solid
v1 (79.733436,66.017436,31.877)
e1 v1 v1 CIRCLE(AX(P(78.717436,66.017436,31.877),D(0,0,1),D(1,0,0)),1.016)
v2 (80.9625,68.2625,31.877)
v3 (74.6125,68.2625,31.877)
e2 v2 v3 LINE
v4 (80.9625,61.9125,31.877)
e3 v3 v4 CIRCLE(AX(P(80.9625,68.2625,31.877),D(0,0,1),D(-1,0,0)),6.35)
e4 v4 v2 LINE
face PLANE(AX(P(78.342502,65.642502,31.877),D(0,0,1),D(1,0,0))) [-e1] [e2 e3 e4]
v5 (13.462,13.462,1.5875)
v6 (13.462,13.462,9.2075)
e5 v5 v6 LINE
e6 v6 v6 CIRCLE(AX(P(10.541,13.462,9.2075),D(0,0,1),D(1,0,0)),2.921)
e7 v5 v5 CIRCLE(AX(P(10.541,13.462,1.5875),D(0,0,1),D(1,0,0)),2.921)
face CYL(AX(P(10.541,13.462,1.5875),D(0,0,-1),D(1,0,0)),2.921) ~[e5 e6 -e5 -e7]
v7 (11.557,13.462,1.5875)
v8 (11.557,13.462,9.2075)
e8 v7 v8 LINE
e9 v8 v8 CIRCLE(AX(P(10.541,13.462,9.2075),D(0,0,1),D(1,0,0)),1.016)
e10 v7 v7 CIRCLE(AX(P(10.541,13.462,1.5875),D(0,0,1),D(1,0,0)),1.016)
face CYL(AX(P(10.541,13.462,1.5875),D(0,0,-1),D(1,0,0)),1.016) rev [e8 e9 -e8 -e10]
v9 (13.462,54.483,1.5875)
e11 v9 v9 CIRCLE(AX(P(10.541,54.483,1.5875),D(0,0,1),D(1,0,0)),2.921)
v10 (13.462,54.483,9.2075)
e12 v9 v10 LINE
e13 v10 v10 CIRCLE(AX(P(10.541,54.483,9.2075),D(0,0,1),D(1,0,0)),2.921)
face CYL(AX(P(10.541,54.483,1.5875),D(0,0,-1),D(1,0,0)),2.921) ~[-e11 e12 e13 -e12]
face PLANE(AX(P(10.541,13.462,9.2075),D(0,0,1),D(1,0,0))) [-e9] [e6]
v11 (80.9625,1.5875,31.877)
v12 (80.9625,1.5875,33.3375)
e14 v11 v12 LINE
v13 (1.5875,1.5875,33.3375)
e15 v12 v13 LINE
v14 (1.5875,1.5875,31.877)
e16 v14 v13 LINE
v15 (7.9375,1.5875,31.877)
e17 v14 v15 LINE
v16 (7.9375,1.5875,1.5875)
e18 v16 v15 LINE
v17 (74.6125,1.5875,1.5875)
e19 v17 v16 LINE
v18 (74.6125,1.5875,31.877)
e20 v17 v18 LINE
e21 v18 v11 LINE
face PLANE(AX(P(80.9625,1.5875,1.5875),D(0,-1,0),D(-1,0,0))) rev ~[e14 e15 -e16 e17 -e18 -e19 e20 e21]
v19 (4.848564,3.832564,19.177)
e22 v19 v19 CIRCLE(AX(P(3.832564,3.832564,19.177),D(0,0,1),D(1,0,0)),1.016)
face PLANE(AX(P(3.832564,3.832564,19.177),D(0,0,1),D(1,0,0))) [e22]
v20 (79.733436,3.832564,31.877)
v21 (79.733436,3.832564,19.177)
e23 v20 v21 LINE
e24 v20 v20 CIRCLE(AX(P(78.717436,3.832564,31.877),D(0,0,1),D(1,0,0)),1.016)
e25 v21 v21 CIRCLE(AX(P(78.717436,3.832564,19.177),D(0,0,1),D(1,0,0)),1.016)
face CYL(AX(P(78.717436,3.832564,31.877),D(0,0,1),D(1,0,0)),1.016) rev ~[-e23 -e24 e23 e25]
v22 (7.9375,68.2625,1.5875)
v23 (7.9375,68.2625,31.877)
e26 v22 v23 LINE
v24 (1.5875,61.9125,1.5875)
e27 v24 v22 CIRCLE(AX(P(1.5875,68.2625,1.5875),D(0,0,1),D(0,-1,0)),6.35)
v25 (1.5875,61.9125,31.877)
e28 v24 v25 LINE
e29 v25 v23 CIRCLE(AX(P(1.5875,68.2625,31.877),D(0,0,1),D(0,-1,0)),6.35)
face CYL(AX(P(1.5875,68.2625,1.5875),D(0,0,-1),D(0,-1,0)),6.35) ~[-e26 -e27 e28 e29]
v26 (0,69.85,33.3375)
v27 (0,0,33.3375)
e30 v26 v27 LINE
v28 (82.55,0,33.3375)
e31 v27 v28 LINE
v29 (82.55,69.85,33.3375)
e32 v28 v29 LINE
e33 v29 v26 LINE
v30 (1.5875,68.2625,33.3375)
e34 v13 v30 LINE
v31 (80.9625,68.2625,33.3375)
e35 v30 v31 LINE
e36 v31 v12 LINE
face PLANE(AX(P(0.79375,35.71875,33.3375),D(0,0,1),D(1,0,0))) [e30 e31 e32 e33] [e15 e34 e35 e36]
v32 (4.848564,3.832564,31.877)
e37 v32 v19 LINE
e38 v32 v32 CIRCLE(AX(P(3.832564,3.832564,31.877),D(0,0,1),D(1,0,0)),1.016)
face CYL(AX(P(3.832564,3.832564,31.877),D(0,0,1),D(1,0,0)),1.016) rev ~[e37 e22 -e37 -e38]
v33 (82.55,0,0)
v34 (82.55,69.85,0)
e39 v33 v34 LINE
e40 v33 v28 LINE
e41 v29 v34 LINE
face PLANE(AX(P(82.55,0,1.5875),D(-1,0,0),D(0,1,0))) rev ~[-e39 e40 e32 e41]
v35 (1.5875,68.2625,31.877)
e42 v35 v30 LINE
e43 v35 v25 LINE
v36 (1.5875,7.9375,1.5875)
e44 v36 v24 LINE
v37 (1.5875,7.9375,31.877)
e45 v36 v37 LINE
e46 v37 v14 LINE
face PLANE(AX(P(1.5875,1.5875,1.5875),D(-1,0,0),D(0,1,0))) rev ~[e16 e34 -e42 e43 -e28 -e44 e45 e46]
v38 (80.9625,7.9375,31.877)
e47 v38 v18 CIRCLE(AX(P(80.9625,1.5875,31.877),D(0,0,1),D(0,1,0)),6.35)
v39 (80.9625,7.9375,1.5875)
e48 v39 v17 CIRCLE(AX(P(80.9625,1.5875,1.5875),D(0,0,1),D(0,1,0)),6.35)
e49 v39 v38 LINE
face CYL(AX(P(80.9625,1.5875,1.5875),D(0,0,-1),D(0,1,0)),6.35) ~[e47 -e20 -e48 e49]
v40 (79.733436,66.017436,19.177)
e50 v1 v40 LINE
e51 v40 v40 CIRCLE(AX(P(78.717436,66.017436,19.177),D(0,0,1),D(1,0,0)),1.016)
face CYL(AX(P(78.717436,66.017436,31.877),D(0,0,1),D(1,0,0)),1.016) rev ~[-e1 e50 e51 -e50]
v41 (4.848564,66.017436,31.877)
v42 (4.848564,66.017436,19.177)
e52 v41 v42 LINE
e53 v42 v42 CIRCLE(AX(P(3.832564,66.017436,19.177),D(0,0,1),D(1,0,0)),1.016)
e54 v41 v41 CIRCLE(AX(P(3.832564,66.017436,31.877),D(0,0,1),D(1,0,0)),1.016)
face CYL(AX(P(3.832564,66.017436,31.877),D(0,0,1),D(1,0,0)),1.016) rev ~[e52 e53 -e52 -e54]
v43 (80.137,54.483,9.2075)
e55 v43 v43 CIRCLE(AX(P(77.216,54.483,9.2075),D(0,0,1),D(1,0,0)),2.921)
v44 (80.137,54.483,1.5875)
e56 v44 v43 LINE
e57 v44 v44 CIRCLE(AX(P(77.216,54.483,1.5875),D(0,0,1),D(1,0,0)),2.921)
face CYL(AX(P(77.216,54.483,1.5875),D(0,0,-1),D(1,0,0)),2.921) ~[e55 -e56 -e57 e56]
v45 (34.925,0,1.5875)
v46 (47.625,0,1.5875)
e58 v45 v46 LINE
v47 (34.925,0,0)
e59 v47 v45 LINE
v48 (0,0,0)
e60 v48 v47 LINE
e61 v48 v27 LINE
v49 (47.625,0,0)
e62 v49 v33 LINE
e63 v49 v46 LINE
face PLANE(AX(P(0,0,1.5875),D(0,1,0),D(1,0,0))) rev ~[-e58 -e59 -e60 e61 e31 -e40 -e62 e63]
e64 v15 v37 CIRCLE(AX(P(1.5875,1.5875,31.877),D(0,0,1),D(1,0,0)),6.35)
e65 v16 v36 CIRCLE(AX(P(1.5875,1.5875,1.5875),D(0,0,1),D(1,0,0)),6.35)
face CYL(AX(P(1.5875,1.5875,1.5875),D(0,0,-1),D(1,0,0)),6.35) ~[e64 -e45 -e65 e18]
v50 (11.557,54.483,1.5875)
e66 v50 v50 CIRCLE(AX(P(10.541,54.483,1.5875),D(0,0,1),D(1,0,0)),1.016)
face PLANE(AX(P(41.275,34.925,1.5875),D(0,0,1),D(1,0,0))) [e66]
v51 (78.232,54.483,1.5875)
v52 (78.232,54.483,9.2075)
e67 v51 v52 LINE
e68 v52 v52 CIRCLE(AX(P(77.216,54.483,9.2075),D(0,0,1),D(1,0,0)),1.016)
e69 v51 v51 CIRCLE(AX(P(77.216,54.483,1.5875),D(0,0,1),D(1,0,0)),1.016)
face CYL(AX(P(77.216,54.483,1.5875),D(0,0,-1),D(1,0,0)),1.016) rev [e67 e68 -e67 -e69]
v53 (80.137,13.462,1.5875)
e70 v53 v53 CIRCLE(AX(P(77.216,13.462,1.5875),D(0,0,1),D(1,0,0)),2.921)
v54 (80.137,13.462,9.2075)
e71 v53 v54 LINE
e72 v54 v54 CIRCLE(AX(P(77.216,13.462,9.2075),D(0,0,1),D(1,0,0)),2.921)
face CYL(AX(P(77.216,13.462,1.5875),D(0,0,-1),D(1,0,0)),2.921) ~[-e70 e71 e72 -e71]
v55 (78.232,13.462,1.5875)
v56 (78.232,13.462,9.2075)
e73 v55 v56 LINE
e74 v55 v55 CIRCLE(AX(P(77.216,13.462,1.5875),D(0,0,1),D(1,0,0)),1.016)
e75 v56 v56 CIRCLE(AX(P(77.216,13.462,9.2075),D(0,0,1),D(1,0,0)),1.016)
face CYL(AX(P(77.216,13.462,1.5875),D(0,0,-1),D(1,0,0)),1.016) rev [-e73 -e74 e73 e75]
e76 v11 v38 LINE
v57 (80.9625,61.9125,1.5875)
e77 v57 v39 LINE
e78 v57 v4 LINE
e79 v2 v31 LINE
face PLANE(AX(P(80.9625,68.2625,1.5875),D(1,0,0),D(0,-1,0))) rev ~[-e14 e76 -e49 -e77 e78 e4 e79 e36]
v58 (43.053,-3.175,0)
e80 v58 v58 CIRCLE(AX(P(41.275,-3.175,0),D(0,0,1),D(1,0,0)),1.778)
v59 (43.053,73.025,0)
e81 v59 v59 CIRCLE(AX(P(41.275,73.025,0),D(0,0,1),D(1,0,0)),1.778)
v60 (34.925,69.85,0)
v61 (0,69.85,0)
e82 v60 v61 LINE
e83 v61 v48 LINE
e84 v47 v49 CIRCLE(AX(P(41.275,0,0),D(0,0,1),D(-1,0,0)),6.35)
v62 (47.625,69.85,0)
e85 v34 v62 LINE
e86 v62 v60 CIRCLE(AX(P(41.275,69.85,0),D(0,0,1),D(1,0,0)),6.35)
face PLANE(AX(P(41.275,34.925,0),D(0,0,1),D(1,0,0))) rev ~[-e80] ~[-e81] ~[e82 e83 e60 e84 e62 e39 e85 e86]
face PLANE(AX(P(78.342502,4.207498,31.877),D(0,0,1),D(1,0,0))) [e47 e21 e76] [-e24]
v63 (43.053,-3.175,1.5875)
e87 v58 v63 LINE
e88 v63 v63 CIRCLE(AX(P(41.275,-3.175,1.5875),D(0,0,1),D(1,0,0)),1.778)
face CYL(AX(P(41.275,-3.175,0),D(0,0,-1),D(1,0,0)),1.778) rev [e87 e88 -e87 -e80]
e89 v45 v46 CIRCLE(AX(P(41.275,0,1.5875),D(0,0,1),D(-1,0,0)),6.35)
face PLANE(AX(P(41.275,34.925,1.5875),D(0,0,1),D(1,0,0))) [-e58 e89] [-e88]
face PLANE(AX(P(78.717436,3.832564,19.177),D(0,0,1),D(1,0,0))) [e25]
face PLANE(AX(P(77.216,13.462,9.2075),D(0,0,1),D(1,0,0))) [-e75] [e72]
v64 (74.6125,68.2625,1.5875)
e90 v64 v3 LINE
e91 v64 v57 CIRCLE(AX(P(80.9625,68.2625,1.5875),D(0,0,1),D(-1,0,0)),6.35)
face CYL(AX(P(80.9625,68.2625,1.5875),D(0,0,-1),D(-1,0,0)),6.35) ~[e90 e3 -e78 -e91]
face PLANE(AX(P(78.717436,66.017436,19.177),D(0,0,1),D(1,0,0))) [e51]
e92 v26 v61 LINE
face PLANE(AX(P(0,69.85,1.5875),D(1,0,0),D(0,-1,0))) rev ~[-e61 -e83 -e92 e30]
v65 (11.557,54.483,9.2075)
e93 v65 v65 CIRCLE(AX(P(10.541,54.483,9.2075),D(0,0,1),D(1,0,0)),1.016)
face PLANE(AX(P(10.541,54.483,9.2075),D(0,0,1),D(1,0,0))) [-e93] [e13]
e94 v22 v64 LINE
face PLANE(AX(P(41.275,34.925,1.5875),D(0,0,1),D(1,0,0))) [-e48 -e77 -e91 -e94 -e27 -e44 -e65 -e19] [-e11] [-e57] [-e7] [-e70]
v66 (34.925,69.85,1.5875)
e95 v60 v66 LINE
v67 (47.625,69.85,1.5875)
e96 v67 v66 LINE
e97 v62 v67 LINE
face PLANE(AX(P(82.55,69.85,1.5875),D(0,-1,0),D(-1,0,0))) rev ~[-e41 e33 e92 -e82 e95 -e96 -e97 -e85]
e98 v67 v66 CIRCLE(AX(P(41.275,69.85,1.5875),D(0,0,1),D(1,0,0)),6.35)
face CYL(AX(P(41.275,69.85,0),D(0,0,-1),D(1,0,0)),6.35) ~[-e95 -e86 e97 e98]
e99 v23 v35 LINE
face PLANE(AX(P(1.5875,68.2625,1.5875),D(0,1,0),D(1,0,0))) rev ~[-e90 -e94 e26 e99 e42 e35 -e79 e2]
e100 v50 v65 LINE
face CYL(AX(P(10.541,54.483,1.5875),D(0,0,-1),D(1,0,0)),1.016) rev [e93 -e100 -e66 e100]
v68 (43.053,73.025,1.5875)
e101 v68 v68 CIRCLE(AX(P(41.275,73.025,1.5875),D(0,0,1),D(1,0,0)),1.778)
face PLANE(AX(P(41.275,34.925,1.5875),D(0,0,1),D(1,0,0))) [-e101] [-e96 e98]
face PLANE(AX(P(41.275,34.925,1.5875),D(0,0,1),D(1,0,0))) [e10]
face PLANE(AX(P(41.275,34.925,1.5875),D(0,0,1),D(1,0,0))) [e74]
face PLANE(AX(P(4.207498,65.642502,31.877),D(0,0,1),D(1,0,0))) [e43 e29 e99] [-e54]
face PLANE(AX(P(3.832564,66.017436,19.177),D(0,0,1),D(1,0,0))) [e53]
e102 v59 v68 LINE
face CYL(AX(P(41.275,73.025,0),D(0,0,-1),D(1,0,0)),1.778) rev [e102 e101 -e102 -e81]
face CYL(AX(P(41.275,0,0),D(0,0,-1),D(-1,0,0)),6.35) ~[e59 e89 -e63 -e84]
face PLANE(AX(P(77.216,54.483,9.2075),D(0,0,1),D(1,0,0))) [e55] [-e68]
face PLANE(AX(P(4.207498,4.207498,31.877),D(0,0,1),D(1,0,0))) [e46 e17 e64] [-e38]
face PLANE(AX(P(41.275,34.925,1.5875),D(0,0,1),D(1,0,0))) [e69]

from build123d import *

# Parameters (mm, degrees)
F0_R      = 1.778
F1_DEPTH  = 1.5875
F3_DEPTH  = 31.75
F4_R      = 2.921
F4_R_2    = 1.016
F5_DEPTH  = 7.62
F6_DEPTH  = 30.2895
F8_R      = 1.016
F9_DEPTH  = 12.7
F7_R      = 1.016
F10_DEPTH = 12.7
F11_R     = 1.016
F12_DEPTH = 12.7
F13_R     = 1.016
F14_DEPTH = 12.7


with BuildPart() as f1:
    # F0 (on Top) → F1 (new body)
    with BuildSketch(Plane.XY):
        with BuildLine():
            ThreePointArc((34.925, 0), (41.275, 6.35), (47.625, 0))
            Line((47.625, 0), (82.55, 0))
            Line((82.55, 0), (82.55, 69.85))
            Line((82.55, 69.85), (47.625, 69.85))
            ThreePointArc((47.625, 69.85), (41.275, 63.5), (34.925, 69.85))
            Line((34.925, 69.85), (0, 69.85))
            Line((0, 69.85), (0, 0))
            Line((0, 0), (34.925, 0))
        make_face()
        with BuildLine():
            Line((34.925, 69.85), (47.625, 69.85))
            ThreePointArc((47.625, 69.85), (41.275, 76.2), (34.925, 69.85))
        make_face()
        with Locations((41.275, 73.025)):
            Circle(F0_R, mode=Mode.SUBTRACT)
        with BuildLine():
            ThreePointArc((34.925, 69.85), (41.275, 63.5), (47.625, 69.85))
            Line((47.625, 69.85), (34.925, 69.85))
        make_face()
        with BuildLine():
            Line((34.925, 0), (47.625, 0))
            ThreePointArc((47.625, 0), (41.275, 6.35), (34.925, 0))
        make_face()
        with BuildLine():
            ThreePointArc((34.925, 0), (41.275, -6.35), (47.625, 0))
            Line((47.625, 0), (34.925, 0))
        make_face()
        with Locations((41.275, -3.175)):
            Circle(F0_R, mode=Mode.SUBTRACT)
    extrude(amount=F1_DEPTH)

    # F2 (on face) → F3 (join)
    with BuildSketch(Plane.XY.offset(1.5875)):
        Polygon((1.5875, 68.2625), (1.5875, 69.85), (0, 69.85), (0, 1.5875), (1.5875, 1.5875), (1.5875, 7.9375), (1.5875, 61.9125), align=None)
        Polygon((47.625, 0), (80.9625, 0), (80.9625, 1.5875), (74.6125, 1.5875), (7.9375, 1.5875), (1.5875, 1.5875), (0, 1.5875), (0, 0), (34.925, 0), align=None)
        Polygon((82.55, 0), (82.55, 69.85), (80.9625, 69.85), (80.9625, 68.2625), (80.9625, 61.9125), (80.9625, 7.9375), (80.9625, 1.5875), (80.9625, 0), align=None)
        Polygon((80.9625, 68.2625), (80.9625, 69.85), (47.625, 69.85), (34.925, 69.85), (1.5875, 69.85), (1.5875, 68.2625), (7.9375, 68.2625), (74.6125, 68.2625), align=None)
    extrude(amount=F3_DEPTH)

    # F4 (on face) → F5 (join)
    with BuildSketch(Plane.XY.offset(1.5875)):
        with Locations((10.541, 13.462)):
            Circle(F4_R)
        with Locations((10.541, 13.462)):
            Circle(F4_R_2, mode=Mode.SUBTRACT)
        with Locations((77.216, 13.462)):
            Circle(F4_R)
        with Locations((77.216, 13.462)):
            Circle(F4_R_2, mode=Mode.SUBTRACT)
        with Locations((10.541, 54.483)):
            Circle(F4_R)
        with Locations((10.541, 54.483)):
            Circle(F4_R_2, mode=Mode.SUBTRACT)
        with Locations((77.216, 54.483)):
            Circle(F4_R)
        with Locations((77.216, 54.483)):
            Circle(F4_R_2, mode=Mode.SUBTRACT)
    extrude(amount=F5_DEPTH)

    # F2 (on face) → F6 (join)
    with BuildSketch(Plane.XY.offset(1.5875)):
        with BuildLine():
            ThreePointArc((1.5875, 61.9125), (6.0776280605, 63.7723719395), (7.9375, 68.2625))
            Line((7.9375, 68.2625), (1.5875, 68.2625))
            Line((1.5875, 68.2625), (1.5875, 61.9125))
        make_face()
        with BuildLine():
            Line((80.9625, 61.9125), (80.9625, 68.2625))
            Line((80.9625, 68.2625), (74.6125, 68.2625))
            ThreePointArc((74.6125, 68.2625), (76.4723719395, 63.7723719395), (80.9625, 61.9125))
        make_face()
        with BuildLine():
            Line((1.5875, 1.5875), (7.9375, 1.5875))
            ThreePointArc((7.9375, 1.5875), (6.0776280605, 6.0776280605), (1.5875, 7.9375))
            Line((1.5875, 7.9375), (1.5875, 1.5875))
        make_face()
        with BuildLine():
            Line((74.6125, 1.5875), (80.9625, 1.5875))
            Line((80.9625, 1.5875), (80.9625, 7.9375))
            ThreePointArc((80.9625, 7.9375), (76.4723719395, 6.0776280605), (74.6125, 1.5875))
        make_face()
    extrude(amount=F6_DEPTH)

    # F8 (on face) → F9 (cut)
    with BuildSketch(Plane.XY.offset(31.877)):
        with Locations((78.7174359697, 3.8325640303)):
            Circle(F8_R)
    extrude(amount=-F9_DEPTH, mode=Mode.SUBTRACT)

    # F7 (on face) → F10 (cut)
    with BuildSketch(Plane.XY.offset(31.877)):
        with Locations((3.8325640303, 3.8325640303)):
            Circle(F7_R)
    extrude(amount=-F10_DEPTH, mode=Mode.SUBTRACT)

    # F11 (on face) → F12 (cut)
    with BuildSketch(Plane.XY.offset(31.877)):
        with Locations((3.8325640303, 66.0174359697)):
            Circle(F11_R)
    extrude(amount=-F12_DEPTH, mode=Mode.SUBTRACT)

    # F13 (on face) → F14 (cut)
    with BuildSketch(Plane.XY.offset(31.877)):
        with Locations((78.7174359697, 66.0174359697)):
            Circle(F13_R)
    extrude(amount=-F14_DEPTH, mode=Mode.SUBTRACT)


solid = f1.part
